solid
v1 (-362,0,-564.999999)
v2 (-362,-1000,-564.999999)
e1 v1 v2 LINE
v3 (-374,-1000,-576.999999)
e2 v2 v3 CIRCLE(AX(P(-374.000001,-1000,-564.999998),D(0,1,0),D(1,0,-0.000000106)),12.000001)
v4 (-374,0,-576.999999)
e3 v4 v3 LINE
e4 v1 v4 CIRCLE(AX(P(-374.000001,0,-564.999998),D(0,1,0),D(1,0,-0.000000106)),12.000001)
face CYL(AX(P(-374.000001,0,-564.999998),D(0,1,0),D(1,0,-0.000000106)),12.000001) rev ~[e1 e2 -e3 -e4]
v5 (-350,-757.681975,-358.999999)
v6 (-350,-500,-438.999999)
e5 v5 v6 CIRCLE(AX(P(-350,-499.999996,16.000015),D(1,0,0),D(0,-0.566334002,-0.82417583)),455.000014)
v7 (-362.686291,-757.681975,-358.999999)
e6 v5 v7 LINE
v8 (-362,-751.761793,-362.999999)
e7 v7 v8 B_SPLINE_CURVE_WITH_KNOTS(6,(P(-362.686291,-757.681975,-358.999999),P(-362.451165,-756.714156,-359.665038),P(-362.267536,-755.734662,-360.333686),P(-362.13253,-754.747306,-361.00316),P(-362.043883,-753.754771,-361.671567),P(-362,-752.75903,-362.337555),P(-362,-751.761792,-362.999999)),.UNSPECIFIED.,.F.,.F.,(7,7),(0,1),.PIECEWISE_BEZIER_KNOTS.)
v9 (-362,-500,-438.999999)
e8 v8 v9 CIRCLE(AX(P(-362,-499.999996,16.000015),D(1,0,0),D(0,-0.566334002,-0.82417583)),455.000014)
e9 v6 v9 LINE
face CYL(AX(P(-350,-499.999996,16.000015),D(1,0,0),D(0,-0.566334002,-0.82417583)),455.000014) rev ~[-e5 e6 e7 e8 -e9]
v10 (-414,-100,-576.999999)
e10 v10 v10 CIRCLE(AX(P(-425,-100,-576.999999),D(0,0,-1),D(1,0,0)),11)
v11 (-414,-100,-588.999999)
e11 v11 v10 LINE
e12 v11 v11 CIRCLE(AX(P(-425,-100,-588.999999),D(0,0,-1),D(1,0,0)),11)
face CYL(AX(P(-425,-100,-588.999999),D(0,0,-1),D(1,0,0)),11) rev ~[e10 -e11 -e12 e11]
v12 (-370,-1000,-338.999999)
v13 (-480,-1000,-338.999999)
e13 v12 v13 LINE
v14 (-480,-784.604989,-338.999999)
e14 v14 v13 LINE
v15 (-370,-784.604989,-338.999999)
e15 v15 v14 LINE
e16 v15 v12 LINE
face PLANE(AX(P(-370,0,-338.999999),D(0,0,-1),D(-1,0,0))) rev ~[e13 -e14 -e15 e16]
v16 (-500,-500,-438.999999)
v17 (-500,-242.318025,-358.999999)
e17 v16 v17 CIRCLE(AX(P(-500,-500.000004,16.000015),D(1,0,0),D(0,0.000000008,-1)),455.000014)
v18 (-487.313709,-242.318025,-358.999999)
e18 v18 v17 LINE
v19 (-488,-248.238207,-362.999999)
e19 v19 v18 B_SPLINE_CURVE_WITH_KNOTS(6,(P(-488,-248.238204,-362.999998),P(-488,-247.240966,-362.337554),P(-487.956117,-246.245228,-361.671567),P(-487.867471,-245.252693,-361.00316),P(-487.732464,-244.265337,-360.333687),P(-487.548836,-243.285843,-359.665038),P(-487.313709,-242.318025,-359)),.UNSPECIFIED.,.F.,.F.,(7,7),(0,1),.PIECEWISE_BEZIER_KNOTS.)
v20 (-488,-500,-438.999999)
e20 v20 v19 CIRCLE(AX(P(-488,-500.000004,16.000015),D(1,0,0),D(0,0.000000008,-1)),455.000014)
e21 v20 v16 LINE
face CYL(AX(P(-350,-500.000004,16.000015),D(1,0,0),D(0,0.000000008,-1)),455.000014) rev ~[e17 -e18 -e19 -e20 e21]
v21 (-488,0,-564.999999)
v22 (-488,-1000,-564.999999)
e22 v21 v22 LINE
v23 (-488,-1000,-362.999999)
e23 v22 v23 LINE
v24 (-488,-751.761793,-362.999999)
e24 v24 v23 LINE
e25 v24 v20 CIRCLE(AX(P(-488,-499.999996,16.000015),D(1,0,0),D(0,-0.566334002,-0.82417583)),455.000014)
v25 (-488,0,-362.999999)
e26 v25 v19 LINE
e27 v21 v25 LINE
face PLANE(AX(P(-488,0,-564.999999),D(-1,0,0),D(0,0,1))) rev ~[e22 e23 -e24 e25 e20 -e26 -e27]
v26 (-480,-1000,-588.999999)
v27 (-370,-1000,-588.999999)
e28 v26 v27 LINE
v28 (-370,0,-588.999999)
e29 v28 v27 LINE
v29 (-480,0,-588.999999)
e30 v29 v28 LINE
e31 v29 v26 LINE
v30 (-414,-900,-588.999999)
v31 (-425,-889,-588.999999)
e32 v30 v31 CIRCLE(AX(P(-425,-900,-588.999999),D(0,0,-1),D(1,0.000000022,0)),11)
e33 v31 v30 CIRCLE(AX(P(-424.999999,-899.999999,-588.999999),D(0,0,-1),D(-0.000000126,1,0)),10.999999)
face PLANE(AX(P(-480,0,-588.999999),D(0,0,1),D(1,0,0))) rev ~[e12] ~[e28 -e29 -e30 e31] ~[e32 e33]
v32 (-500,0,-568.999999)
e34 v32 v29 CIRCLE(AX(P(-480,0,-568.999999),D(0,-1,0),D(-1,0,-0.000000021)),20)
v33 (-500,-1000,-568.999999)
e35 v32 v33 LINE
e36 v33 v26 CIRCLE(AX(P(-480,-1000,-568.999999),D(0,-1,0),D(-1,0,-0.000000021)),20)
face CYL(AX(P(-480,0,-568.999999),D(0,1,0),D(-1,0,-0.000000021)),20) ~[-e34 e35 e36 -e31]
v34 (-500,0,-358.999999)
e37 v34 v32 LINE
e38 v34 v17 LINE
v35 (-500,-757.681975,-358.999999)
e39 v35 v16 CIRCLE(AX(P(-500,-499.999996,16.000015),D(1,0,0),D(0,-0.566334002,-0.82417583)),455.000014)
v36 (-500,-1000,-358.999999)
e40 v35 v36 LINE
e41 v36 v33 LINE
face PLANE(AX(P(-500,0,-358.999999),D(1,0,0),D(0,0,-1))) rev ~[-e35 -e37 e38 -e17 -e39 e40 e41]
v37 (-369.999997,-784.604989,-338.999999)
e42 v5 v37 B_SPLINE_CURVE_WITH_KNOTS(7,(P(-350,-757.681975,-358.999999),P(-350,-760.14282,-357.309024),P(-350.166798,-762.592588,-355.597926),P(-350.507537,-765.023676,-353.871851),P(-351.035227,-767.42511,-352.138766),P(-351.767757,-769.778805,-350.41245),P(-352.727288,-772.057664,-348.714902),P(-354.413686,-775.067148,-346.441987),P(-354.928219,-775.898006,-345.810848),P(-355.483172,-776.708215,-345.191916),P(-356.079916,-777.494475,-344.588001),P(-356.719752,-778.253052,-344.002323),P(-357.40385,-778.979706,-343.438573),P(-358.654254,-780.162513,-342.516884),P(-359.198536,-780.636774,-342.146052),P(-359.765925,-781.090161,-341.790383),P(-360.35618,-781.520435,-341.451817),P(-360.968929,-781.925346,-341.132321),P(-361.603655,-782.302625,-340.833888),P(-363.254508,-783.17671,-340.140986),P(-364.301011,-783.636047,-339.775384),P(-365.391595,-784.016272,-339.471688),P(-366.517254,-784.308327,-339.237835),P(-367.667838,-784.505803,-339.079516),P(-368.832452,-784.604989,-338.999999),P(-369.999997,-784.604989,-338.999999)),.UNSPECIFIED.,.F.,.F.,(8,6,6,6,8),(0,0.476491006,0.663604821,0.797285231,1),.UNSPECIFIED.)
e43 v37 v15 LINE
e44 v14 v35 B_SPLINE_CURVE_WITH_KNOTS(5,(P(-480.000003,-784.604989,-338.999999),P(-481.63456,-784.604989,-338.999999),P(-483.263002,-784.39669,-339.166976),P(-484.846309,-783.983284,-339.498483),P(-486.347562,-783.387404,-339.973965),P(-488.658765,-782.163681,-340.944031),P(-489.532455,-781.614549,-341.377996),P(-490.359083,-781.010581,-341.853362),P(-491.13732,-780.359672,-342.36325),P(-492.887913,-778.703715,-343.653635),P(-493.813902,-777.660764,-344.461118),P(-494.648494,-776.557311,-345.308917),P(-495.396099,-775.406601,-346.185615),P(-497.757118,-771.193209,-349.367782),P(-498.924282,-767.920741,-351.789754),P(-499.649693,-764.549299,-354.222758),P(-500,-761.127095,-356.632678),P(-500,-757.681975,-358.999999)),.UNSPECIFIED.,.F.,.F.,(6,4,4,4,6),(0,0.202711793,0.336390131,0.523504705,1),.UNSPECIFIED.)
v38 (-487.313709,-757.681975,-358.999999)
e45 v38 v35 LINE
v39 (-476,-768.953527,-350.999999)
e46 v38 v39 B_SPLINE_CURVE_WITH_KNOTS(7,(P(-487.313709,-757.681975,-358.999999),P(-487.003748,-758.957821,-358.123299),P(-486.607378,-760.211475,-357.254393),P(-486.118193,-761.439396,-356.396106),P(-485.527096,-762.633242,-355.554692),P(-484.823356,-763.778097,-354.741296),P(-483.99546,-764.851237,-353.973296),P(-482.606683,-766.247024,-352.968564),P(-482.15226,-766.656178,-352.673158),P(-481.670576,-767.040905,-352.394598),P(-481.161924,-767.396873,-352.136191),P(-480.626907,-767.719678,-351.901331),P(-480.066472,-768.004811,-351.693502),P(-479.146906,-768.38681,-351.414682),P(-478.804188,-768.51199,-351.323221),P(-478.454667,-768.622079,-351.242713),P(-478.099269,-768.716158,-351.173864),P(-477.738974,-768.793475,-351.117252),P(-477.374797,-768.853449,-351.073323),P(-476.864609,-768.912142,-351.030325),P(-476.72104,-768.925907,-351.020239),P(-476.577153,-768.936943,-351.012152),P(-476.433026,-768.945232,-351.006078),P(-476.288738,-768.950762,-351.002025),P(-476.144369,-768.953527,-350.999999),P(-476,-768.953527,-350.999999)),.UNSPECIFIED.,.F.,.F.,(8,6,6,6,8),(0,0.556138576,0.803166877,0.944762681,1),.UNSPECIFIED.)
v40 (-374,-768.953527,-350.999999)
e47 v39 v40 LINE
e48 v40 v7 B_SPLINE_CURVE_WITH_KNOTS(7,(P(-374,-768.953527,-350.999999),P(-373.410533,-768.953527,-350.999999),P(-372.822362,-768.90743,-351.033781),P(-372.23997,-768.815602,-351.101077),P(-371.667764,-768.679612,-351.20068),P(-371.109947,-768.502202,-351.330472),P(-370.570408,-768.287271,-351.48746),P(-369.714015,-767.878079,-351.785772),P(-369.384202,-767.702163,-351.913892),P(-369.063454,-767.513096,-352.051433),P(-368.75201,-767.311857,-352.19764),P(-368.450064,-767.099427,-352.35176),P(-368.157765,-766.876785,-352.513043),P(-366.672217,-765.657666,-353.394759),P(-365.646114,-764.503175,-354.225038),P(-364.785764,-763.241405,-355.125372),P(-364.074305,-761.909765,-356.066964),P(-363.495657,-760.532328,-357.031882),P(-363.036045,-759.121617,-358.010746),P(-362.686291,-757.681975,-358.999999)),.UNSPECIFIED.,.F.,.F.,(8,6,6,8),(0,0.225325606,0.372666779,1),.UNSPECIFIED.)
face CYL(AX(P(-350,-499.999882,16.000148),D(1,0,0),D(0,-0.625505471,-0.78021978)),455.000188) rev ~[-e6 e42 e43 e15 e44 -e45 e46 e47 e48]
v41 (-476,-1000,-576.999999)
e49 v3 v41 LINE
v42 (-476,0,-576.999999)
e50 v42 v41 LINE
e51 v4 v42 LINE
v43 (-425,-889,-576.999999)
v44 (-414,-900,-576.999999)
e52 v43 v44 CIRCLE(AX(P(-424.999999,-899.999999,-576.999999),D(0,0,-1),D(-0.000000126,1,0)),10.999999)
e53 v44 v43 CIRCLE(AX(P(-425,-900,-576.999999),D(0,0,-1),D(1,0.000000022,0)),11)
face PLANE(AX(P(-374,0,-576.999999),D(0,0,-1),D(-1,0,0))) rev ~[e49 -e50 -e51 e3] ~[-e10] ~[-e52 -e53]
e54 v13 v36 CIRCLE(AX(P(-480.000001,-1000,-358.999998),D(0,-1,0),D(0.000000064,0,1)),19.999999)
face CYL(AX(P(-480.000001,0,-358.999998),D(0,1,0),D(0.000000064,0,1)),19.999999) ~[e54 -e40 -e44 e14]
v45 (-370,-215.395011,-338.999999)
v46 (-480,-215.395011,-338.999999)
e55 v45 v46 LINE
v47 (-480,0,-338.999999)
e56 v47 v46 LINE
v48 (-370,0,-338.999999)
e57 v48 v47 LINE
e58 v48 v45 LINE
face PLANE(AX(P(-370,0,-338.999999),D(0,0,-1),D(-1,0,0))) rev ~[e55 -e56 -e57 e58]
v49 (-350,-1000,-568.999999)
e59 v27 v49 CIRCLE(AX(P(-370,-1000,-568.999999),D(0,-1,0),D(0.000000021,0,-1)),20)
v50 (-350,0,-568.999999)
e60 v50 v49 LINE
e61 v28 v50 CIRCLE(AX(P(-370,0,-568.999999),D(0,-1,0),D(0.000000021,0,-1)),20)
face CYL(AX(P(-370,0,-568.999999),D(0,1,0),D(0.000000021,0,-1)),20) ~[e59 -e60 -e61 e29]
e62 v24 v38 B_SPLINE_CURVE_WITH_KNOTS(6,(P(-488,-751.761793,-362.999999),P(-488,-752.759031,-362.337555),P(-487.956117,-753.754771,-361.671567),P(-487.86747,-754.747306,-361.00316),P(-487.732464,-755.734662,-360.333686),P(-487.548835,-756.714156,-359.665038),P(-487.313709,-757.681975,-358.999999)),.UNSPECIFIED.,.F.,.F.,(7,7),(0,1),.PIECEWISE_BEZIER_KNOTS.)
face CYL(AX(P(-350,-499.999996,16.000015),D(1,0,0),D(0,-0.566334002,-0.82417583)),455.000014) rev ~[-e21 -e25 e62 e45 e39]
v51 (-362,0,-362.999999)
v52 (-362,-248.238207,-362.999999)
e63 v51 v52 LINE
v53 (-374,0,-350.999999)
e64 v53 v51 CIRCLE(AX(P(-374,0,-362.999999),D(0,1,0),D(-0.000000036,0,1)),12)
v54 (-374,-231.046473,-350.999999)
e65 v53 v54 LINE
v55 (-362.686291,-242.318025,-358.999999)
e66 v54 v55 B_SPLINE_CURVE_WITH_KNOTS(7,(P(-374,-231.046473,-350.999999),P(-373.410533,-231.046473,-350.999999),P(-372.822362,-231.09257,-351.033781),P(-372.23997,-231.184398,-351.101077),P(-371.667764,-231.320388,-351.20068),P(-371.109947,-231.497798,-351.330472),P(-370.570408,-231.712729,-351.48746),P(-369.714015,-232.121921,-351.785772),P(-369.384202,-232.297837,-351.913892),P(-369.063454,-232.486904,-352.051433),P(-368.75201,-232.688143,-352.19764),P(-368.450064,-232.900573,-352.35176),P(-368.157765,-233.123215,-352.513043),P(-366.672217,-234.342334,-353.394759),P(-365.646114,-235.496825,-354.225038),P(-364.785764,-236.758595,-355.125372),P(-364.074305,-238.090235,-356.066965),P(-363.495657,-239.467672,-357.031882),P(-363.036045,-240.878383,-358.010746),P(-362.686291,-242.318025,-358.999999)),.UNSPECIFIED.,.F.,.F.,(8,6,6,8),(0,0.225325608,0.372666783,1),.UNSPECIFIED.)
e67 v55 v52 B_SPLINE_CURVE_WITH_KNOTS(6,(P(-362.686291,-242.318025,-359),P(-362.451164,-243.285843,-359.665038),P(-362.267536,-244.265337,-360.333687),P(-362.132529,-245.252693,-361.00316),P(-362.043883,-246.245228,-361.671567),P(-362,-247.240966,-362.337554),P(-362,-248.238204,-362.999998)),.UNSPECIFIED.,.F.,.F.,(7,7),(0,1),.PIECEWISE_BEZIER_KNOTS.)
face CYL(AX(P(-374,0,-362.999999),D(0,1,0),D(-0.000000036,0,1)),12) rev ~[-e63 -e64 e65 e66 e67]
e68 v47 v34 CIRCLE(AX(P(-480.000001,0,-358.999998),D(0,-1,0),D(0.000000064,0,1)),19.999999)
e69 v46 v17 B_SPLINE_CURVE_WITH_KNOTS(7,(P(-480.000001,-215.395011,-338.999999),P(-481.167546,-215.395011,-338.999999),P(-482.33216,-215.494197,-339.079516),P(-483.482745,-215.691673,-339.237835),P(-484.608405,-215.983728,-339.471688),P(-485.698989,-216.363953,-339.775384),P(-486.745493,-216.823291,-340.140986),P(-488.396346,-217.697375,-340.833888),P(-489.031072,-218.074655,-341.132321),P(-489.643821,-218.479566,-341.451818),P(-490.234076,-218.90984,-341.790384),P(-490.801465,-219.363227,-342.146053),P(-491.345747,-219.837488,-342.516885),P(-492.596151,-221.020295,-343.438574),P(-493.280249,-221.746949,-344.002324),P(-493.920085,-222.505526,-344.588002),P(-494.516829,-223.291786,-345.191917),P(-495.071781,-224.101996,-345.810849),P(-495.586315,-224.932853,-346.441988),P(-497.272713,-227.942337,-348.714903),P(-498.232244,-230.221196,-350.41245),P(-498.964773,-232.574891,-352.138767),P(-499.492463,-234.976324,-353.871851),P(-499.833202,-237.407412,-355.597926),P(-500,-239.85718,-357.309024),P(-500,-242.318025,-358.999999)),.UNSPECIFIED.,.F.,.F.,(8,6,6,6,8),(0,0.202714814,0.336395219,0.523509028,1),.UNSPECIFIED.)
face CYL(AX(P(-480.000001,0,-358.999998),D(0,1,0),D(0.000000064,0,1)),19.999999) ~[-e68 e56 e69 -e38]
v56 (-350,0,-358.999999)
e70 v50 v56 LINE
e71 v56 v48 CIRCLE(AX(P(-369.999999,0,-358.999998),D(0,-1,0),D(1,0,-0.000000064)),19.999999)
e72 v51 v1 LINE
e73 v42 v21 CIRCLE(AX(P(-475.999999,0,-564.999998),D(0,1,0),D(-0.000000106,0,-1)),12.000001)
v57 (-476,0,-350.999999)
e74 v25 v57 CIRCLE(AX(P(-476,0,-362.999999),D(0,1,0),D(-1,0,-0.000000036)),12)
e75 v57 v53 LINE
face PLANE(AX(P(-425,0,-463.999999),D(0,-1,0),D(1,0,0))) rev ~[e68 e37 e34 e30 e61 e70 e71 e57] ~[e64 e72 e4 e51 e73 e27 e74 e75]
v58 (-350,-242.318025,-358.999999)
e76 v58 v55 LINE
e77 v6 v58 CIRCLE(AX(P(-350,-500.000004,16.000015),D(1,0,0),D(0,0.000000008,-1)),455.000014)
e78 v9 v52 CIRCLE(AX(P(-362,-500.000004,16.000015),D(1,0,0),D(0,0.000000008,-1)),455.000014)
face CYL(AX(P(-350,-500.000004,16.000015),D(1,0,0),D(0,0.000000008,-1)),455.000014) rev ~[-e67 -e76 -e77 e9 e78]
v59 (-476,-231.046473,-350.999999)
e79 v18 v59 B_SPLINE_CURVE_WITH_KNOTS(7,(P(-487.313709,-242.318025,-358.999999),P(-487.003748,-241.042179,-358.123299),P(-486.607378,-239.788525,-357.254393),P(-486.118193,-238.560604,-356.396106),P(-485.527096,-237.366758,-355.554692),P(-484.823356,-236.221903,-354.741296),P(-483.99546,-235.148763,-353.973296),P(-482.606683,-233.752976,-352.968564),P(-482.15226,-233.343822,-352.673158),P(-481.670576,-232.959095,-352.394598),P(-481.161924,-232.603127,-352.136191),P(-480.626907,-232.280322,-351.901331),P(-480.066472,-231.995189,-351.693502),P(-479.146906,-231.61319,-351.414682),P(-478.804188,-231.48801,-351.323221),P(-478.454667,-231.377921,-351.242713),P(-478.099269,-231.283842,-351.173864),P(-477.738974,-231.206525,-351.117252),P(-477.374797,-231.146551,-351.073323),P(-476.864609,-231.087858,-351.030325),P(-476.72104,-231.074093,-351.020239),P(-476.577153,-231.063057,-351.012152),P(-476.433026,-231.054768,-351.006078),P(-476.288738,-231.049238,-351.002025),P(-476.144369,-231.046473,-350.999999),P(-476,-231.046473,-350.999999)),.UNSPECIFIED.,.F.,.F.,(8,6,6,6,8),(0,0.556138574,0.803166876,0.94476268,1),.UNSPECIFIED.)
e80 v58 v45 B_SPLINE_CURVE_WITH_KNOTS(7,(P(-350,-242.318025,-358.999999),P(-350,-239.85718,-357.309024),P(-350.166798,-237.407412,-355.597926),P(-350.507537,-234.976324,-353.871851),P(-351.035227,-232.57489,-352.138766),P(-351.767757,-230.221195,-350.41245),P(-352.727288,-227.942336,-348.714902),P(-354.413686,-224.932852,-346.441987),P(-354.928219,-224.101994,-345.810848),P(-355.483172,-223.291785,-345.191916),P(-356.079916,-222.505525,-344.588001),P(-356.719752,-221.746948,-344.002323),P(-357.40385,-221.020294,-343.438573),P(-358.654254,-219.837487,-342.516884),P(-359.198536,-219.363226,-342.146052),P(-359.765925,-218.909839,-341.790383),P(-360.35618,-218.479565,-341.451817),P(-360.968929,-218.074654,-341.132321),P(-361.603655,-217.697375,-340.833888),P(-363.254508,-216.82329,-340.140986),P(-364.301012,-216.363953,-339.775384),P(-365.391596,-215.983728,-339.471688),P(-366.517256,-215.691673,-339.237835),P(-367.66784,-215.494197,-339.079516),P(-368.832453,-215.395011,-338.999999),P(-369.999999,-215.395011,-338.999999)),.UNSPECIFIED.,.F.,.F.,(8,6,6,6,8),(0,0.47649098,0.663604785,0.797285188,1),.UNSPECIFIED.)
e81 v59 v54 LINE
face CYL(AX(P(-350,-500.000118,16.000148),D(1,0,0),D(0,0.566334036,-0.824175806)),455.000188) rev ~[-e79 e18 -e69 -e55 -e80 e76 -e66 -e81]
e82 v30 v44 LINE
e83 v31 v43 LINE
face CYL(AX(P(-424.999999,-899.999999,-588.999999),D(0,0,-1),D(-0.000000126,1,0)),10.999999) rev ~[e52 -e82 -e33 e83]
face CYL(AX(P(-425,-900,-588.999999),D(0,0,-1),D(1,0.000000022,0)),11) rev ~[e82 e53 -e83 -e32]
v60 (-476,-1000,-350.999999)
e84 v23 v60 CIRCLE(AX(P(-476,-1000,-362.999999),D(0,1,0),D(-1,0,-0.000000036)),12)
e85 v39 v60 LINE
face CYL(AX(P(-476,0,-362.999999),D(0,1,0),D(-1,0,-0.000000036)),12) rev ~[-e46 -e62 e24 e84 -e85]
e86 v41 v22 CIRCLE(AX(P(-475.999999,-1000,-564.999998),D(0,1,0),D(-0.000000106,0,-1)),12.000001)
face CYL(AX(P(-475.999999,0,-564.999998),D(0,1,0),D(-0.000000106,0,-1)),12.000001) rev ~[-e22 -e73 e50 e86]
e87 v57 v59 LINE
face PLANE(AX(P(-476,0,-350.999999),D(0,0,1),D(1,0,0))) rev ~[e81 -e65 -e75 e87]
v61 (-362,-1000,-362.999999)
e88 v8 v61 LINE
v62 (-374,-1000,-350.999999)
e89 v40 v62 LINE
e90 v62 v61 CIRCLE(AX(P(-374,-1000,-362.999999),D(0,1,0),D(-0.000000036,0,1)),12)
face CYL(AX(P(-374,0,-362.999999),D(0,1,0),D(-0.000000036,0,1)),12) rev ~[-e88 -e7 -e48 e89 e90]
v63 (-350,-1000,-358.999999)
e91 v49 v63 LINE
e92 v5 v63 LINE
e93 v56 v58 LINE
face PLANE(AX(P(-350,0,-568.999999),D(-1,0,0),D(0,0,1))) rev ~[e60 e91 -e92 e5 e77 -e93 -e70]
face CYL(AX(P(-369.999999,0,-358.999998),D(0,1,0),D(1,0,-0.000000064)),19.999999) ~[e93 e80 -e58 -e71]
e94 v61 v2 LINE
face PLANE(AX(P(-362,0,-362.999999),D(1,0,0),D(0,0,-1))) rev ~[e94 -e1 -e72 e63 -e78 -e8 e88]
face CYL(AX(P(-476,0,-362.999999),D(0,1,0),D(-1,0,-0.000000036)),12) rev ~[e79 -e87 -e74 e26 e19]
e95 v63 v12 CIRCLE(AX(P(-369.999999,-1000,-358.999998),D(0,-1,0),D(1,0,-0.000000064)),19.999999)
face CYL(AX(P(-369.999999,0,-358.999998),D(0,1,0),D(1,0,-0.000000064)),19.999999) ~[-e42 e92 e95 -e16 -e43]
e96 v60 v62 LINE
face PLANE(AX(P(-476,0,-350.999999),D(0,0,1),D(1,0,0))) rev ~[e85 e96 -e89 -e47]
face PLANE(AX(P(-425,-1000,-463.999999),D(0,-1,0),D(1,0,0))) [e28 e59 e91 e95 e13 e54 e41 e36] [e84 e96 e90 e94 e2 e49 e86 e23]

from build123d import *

# Parameters (mm, degrees)
F1_DEPTH = 1000
F2_R     = 11
F3_DEPTH = 25
F5_DEPTH = 345


with BuildPart() as f1:
    # F0 (on Front) → F1 (new body)
    with BuildSketch(Plane.XZ):
        with BuildLine():
            ThreePointArc((-500, -568.999999), (-494.142136, -583.142134), (-480, -588.999999))
            Line((-480, -588.999999), (-370, -588.999999))
            ThreePointArc((-370, -588.999999), (-355.857864, -583.142134), (-350, -568.999999))
            Line((-350, -568.999999), (-350, -358.999999))
            ThreePointArc((-350, -358.999999), (-355.857864, -344.857863), (-370, -338.999999))
            Line((-370, -338.999999), (-480, -338.999999))
            ThreePointArc((-480, -338.999999), (-494.142136, -344.857863), (-500, -358.999999))
            Line((-500, -358.999999), (-500, -568.999999))
        make_face()
        with BuildLine():
            ThreePointArc((-488, -362.999999), (-484.485281, -354.514717), (-476, -350.999999))
            Line((-476, -350.999999), (-374, -350.999999))
            ThreePointArc((-374, -350.999999), (-365.514719, -354.514717), (-362, -362.999999))
            Line((-362, -362.999999), (-362, -564.999999))
            ThreePointArc((-362, -564.999999), (-365.514719, -573.48528), (-374, -576.999999))
            Line((-374, -576.999999), (-476, -576.999999))
            ThreePointArc((-476, -576.999999), (-484.485281, -573.48528), (-488, -564.999999))
            Line((-488, -564.999999), (-488, -362.999999))
        make_face(mode=Mode.SUBTRACT)
    extrude(amount=F1_DEPTH)

    # F2 (on face) → F3 (cut)
    with BuildSketch(Plane(origin=(0, 0, -588.999999), x_dir=(1, 0, 0), z_dir=(0, 0, -1))):
        with BuildLine():
            ThreePointArc((-425, 889), (-417.221825, 892.221825), (-414, 900))
            ThreePointArc((-414, 900), (-432.778175, 907.778175), (-425, 889))
        make_face()
        with Locations((-425, 100)):
            Circle(F2_R)
    extrude(amount=-F3_DEPTH, mode=Mode.SUBTRACT)

    # F4 (on face) → F5 (cut)
    with BuildSketch(Plane.YZ.offset(-350)):
        with BuildLine():
            ThreePointArc((-500, -438.999999), (-365.092624, -418.539985), (-242.318025, -358.999999))
            Line((-242.318025, -358.999999), (-500, -358.999999))
            Line((-500, -358.999999), (-500, -438.999999))
        make_face()
        with BuildLine():
            Line((-500, -358.999999), (-242.318025, -358.999999))
            ThreePointArc((-242.318025, -358.999999), (-228.672176, -349.24815), (-215.395011, -338.999999))
            Line((-215.395011, -338.999999), (-500, -338.999999))
            Line((-500, -338.999999), (-500, -358.999999))
        make_face()
        with BuildLine():
            Line((-500, -438.999999), (-500, -358.999999))
            Line((-500, -358.999999), (-757.681975, -358.999999))
            ThreePointArc((-757.681975, -358.999999), (-634.907376, -418.539985), (-500, -438.999999))
        make_face()
        with BuildLine():
            Line((-757.681975, -358.999999), (-500, -358.999999))
            Line((-500, -358.999999), (-500, -338.999999))
            Line((-500, -338.999999), (-784.604989, -338.999999))
            ThreePointArc((-784.604989, -338.999999), (-771.327824, -349.24815), (-757.681975, -358.999999))
        make_face()
        with BuildLine():
            Line((-500, -338.999999), (-215.395011, -338.999999))
            ThreePointArc((-215.395011, -338.999999), (-89.80476, -180.887949), (-45, 16.000001))
            ThreePointArc((-45, 16.000001), (-696.88795, 426.195241), (-784.604989, -338.999999))
            Line((-784.604989, -338.999999), (-500, -338.999999))
        make_face()
    extrude(amount=-F5_DEPTH, mode=Mode.SUBTRACT)


solid = f1.part
